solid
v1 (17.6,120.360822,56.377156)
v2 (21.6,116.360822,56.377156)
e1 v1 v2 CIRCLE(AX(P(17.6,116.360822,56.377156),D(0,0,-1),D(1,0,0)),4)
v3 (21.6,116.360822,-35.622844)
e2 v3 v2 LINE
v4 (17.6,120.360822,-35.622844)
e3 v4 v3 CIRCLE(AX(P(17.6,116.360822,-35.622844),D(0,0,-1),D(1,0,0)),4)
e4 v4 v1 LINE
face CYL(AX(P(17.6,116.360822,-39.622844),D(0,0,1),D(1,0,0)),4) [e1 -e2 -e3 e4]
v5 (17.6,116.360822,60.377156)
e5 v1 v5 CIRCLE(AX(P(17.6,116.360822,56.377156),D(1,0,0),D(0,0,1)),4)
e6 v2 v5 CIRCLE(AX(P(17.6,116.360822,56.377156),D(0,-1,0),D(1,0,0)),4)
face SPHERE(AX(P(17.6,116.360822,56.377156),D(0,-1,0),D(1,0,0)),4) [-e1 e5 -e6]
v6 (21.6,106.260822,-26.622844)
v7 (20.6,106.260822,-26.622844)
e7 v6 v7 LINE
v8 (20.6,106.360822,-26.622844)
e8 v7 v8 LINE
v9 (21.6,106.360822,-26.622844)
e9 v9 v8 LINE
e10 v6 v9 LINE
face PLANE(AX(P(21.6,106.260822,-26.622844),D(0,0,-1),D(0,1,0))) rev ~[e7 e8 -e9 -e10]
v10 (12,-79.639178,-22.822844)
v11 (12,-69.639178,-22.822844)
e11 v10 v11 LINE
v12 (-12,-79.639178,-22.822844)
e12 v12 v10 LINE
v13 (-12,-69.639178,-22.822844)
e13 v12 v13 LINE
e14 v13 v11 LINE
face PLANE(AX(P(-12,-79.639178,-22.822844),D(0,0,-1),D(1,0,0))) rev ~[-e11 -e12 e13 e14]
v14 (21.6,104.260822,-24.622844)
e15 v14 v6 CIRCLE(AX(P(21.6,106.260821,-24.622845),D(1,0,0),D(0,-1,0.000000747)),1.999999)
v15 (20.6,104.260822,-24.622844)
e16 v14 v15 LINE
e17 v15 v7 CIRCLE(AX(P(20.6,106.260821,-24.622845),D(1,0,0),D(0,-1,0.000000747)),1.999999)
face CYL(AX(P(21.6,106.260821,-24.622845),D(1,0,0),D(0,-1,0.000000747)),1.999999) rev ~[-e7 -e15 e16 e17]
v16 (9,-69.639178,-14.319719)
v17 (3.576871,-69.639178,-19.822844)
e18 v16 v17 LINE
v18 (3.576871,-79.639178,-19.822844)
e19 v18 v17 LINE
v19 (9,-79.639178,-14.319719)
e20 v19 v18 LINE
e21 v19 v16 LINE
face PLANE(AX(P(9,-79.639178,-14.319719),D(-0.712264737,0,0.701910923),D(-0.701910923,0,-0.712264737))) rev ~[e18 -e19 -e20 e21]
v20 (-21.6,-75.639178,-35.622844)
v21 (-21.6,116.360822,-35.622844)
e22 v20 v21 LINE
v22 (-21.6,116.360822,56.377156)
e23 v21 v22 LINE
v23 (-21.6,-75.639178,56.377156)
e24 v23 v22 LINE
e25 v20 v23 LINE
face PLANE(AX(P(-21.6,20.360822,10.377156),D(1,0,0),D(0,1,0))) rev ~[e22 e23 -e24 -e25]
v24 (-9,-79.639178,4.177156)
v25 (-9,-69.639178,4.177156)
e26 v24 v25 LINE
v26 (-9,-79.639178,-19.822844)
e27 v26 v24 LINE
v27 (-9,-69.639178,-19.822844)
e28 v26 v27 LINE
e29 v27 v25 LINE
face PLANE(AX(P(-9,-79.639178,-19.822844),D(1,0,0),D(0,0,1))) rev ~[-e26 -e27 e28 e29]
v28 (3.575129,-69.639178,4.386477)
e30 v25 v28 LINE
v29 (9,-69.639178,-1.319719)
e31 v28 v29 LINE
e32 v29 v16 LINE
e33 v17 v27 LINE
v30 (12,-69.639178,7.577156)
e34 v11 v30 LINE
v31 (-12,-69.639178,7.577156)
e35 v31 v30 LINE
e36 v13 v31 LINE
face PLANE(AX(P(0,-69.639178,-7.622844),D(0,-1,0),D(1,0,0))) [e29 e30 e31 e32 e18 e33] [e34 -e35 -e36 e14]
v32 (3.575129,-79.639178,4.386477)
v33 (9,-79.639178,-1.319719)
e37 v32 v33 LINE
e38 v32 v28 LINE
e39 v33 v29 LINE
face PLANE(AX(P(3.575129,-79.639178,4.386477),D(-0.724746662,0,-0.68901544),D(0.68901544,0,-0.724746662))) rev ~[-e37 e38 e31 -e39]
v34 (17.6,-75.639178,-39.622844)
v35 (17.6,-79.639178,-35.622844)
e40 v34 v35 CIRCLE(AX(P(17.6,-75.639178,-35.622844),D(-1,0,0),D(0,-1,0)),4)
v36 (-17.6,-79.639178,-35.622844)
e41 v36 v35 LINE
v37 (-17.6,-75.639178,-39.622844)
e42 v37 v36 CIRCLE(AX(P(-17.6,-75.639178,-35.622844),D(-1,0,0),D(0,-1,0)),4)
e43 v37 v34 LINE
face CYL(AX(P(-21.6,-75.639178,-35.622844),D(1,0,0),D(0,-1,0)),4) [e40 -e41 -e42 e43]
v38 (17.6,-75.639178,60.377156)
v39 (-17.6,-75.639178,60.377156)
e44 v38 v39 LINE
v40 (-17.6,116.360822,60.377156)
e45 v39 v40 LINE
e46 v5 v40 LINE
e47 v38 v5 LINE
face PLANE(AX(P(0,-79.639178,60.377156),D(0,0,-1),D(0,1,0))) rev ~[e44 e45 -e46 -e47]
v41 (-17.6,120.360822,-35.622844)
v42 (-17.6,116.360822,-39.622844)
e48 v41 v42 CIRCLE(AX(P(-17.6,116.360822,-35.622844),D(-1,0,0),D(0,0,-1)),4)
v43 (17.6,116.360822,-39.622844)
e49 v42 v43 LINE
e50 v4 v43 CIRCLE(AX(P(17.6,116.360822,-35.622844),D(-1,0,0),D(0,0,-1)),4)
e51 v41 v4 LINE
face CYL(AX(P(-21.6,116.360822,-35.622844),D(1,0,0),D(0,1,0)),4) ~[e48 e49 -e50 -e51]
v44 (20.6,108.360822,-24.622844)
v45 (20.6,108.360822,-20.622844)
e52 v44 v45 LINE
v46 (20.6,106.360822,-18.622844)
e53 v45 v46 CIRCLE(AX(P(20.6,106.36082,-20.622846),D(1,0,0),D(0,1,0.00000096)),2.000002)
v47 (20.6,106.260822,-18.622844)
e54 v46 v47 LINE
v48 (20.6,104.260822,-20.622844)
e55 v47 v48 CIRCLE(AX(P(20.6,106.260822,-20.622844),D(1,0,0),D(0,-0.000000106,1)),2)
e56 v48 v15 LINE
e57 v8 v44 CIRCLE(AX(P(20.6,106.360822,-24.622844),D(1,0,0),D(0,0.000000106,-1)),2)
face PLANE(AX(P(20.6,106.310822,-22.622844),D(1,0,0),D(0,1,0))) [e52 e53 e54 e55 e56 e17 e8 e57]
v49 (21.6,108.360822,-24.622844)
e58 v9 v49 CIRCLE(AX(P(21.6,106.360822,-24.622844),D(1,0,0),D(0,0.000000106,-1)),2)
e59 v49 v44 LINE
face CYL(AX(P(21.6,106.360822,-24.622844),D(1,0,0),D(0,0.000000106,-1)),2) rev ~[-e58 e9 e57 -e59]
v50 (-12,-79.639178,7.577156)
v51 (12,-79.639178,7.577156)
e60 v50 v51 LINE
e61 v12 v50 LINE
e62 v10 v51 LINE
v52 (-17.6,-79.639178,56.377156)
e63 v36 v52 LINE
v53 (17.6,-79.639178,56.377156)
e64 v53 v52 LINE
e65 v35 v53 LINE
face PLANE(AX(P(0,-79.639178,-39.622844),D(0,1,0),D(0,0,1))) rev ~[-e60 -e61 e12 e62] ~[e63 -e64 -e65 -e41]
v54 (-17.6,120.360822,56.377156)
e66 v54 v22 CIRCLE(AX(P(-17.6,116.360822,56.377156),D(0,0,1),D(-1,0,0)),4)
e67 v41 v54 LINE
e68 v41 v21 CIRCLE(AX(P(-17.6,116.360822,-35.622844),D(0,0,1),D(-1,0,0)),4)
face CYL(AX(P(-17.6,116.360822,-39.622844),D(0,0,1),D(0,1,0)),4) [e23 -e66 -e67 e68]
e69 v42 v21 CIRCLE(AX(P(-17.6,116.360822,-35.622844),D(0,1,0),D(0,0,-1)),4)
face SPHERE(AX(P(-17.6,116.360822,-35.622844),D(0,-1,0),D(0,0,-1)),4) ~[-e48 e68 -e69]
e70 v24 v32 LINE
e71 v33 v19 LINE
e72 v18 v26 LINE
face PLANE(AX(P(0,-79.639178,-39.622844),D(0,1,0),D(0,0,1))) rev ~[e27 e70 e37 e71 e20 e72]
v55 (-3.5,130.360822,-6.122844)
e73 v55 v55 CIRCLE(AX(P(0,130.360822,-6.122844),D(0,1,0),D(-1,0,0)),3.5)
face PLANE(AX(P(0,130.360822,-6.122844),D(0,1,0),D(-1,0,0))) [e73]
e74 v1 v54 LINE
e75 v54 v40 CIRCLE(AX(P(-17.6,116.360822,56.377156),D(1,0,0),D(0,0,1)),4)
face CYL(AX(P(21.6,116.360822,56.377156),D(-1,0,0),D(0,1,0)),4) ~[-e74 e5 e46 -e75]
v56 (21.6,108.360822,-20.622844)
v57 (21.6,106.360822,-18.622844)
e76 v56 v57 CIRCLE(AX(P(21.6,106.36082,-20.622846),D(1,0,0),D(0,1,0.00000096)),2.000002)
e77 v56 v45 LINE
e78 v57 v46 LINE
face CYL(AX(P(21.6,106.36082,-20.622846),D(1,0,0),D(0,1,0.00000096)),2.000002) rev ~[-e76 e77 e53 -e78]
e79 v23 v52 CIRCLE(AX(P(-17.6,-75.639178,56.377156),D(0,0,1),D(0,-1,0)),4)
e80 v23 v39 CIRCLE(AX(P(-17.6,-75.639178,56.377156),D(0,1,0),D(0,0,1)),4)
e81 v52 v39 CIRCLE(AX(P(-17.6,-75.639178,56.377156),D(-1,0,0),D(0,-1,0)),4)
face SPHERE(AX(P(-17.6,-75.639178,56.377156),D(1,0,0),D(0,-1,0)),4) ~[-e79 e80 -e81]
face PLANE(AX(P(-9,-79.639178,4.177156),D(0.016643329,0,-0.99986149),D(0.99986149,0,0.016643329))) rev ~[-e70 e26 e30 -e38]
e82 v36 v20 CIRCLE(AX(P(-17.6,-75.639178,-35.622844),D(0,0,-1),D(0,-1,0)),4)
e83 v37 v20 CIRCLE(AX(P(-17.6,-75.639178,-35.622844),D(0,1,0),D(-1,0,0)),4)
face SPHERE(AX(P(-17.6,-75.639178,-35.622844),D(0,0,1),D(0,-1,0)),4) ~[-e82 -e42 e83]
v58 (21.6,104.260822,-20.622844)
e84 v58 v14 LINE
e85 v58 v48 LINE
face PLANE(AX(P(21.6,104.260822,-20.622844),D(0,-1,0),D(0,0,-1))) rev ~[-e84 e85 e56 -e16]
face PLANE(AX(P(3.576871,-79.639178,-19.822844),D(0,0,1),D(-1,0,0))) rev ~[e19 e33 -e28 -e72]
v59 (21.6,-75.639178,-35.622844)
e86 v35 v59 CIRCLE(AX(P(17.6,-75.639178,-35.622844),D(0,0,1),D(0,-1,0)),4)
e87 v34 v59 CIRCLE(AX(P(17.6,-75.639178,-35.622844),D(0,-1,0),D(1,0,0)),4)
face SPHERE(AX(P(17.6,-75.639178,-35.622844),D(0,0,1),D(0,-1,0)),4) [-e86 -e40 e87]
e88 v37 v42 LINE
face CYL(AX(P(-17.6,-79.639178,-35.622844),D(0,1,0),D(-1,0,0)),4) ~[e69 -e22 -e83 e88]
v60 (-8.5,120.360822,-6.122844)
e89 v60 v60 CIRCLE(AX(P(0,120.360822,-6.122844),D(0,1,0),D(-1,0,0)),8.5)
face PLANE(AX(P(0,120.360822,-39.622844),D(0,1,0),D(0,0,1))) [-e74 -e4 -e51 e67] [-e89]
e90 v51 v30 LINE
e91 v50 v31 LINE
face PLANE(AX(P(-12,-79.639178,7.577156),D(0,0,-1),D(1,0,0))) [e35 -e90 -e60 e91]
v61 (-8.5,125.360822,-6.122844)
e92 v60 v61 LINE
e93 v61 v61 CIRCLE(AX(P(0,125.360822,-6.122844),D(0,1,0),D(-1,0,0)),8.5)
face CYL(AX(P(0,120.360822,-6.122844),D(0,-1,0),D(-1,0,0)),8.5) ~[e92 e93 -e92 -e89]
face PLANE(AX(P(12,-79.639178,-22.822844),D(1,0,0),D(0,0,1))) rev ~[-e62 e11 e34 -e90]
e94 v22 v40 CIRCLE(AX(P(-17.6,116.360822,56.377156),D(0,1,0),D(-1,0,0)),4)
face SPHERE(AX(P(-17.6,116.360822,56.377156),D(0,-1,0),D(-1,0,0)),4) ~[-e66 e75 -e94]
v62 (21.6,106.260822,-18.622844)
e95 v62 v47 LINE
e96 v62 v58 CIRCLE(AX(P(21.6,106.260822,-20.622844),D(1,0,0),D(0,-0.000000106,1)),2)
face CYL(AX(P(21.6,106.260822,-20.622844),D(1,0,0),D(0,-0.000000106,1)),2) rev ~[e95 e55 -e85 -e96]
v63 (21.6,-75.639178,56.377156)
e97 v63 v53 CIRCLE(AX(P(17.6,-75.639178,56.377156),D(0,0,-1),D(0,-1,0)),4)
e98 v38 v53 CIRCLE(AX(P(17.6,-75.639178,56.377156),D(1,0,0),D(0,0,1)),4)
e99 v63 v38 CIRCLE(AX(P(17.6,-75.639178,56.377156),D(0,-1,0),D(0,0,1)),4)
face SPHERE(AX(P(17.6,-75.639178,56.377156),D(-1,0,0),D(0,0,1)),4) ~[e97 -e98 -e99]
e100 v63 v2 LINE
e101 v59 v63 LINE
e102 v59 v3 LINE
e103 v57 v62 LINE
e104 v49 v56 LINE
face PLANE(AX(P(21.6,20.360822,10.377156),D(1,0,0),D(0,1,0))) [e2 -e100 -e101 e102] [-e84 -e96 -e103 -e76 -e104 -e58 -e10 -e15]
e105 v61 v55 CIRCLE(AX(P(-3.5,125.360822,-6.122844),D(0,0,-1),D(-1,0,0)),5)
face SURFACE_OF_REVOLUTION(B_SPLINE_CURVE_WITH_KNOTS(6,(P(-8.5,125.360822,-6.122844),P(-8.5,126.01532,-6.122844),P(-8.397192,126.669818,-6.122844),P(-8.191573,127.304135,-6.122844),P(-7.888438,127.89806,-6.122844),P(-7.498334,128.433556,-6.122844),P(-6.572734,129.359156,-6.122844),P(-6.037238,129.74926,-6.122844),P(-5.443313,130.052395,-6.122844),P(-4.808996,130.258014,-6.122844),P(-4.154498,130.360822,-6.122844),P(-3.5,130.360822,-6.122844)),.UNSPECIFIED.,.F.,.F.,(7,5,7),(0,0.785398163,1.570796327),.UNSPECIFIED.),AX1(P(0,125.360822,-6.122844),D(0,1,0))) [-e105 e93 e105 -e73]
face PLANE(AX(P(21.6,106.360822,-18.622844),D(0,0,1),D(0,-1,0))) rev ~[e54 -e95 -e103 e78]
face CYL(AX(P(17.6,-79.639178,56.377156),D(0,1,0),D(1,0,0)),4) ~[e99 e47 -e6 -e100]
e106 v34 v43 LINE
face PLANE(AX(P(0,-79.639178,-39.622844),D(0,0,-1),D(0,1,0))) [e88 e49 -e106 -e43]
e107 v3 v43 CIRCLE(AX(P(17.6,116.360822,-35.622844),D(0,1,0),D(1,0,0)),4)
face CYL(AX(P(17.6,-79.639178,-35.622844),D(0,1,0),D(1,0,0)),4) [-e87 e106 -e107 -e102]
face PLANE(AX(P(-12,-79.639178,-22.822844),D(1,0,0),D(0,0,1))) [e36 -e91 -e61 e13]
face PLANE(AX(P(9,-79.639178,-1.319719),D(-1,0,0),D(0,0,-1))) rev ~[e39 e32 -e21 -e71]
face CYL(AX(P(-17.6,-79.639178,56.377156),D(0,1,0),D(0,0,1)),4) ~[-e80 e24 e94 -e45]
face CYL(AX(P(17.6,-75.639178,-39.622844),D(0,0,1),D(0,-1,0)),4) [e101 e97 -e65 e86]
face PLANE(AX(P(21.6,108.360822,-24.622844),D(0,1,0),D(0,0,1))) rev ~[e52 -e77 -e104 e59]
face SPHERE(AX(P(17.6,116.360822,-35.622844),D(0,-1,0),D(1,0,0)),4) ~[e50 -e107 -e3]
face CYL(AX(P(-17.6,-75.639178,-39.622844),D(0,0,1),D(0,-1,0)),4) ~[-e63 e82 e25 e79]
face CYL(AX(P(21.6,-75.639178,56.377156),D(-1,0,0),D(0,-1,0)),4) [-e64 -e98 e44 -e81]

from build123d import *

# Parameters (mm, degrees)
F0_W     = 200
F0_H     = 100
F1_DEPTH = 21.6
F2_R     = 4
F4_DEPTH = 1
F5_R     = 8.5
F6_DEPTH = 10
F7_R     = 5
F8_W     = 24
F8_H     = 30.4
F9_DEPTH = 10


with BuildPart() as f1:
    # F0 (on Right) → F1 (new body, symmetric)
    with BuildSketch(Plane.YZ):
        with Locations((20.360822, 10.377156)):
            Rectangle(F0_W, F0_H)
    extrude(amount=F1_DEPTH, both=True)

    # F2
    f2_edges = [f1.edges().sort_by_distance(p)[0] for p in [
        (0, -79.639178, 60.377156),
        (-21.6, -79.639178, 10.377156),
        (-21.6, 20.360822, 60.377156),
        (21.6, 20.360822, 60.377156),
        (21.6, -79.639178, 10.377156),
        (0, -79.639178, -39.622844),
        (-21.6, 20.360822, -39.622844),
        (21.6, 20.360822, -39.622844),
        (21.6, 120.360822, 10.377156),
        (0, 120.360822, -39.622844),
        (-21.6, 120.360822, 10.377156),
        (0, 120.360822, 60.377156),
    ]]
    fillet(f2_edges, radius=F2_R)

    # F3 (on face) → F4 (cut)
    with BuildSketch(Plane.YZ.offset(21.6)):
        with BuildLine():
            Line((106.260822, -26.622844), (106.360822, -26.622844))
            ThreePointArc((106.360822, -26.622844), (107.775035, -26.037058), (108.360822, -24.622844))
            Line((108.360822, -24.622844), (108.360822, -20.622844))
            ThreePointArc((108.360822, -20.622844), (107.775035, -19.208631), (106.360822, -18.622844))
            Line((106.360822, -18.622844), (106.260822, -18.622844))
            ThreePointArc((106.260822, -18.622844), (104.846608, -19.208631), (104.260822, -20.622844))
            Line((104.260822, -20.622844), (104.260822, -24.622844))
            ThreePointArc((104.260822, -24.622844), (104.846608, -26.037058), (106.260822, -26.622844))
        make_face()
    extrude(amount=-F4_DEPTH, mode=Mode.SUBTRACT)

    # F5 (on face) → F6 (join)
    with BuildSketch(Plane(origin=(0, 120.360822, 0), x_dir=(-1, 0, 0), z_dir=(0, 1, 0))):
        with Locations((0, -6.122844)):
            Circle(F5_R)
    extrude(amount=F6_DEPTH)

    # F7
    f7_edges = [f1.edges().sort_by_distance(p)[0] for p in [
        (8.5, 130.360822, -6.122844),
    ]]
    fillet(f7_edges, radius=F7_R)

    # F8 (on face) → F9 (cut)
    with BuildSketch(Plane.XZ.offset(79.639178)):
        with Locations((0, -7.622844)):
            Rectangle(F8_W, F8_H)
        Polygon((-9, -19.822844), (-9, 4.177156), (3.575129, 4.386477), (9, -1.319719), (9, -14.319719), (3.576871, -19.822844), align=None, mode=Mode.SUBTRACT)
    extrude(amount=-F9_DEPTH, mode=Mode.SUBTRACT)


solid = f1.part
